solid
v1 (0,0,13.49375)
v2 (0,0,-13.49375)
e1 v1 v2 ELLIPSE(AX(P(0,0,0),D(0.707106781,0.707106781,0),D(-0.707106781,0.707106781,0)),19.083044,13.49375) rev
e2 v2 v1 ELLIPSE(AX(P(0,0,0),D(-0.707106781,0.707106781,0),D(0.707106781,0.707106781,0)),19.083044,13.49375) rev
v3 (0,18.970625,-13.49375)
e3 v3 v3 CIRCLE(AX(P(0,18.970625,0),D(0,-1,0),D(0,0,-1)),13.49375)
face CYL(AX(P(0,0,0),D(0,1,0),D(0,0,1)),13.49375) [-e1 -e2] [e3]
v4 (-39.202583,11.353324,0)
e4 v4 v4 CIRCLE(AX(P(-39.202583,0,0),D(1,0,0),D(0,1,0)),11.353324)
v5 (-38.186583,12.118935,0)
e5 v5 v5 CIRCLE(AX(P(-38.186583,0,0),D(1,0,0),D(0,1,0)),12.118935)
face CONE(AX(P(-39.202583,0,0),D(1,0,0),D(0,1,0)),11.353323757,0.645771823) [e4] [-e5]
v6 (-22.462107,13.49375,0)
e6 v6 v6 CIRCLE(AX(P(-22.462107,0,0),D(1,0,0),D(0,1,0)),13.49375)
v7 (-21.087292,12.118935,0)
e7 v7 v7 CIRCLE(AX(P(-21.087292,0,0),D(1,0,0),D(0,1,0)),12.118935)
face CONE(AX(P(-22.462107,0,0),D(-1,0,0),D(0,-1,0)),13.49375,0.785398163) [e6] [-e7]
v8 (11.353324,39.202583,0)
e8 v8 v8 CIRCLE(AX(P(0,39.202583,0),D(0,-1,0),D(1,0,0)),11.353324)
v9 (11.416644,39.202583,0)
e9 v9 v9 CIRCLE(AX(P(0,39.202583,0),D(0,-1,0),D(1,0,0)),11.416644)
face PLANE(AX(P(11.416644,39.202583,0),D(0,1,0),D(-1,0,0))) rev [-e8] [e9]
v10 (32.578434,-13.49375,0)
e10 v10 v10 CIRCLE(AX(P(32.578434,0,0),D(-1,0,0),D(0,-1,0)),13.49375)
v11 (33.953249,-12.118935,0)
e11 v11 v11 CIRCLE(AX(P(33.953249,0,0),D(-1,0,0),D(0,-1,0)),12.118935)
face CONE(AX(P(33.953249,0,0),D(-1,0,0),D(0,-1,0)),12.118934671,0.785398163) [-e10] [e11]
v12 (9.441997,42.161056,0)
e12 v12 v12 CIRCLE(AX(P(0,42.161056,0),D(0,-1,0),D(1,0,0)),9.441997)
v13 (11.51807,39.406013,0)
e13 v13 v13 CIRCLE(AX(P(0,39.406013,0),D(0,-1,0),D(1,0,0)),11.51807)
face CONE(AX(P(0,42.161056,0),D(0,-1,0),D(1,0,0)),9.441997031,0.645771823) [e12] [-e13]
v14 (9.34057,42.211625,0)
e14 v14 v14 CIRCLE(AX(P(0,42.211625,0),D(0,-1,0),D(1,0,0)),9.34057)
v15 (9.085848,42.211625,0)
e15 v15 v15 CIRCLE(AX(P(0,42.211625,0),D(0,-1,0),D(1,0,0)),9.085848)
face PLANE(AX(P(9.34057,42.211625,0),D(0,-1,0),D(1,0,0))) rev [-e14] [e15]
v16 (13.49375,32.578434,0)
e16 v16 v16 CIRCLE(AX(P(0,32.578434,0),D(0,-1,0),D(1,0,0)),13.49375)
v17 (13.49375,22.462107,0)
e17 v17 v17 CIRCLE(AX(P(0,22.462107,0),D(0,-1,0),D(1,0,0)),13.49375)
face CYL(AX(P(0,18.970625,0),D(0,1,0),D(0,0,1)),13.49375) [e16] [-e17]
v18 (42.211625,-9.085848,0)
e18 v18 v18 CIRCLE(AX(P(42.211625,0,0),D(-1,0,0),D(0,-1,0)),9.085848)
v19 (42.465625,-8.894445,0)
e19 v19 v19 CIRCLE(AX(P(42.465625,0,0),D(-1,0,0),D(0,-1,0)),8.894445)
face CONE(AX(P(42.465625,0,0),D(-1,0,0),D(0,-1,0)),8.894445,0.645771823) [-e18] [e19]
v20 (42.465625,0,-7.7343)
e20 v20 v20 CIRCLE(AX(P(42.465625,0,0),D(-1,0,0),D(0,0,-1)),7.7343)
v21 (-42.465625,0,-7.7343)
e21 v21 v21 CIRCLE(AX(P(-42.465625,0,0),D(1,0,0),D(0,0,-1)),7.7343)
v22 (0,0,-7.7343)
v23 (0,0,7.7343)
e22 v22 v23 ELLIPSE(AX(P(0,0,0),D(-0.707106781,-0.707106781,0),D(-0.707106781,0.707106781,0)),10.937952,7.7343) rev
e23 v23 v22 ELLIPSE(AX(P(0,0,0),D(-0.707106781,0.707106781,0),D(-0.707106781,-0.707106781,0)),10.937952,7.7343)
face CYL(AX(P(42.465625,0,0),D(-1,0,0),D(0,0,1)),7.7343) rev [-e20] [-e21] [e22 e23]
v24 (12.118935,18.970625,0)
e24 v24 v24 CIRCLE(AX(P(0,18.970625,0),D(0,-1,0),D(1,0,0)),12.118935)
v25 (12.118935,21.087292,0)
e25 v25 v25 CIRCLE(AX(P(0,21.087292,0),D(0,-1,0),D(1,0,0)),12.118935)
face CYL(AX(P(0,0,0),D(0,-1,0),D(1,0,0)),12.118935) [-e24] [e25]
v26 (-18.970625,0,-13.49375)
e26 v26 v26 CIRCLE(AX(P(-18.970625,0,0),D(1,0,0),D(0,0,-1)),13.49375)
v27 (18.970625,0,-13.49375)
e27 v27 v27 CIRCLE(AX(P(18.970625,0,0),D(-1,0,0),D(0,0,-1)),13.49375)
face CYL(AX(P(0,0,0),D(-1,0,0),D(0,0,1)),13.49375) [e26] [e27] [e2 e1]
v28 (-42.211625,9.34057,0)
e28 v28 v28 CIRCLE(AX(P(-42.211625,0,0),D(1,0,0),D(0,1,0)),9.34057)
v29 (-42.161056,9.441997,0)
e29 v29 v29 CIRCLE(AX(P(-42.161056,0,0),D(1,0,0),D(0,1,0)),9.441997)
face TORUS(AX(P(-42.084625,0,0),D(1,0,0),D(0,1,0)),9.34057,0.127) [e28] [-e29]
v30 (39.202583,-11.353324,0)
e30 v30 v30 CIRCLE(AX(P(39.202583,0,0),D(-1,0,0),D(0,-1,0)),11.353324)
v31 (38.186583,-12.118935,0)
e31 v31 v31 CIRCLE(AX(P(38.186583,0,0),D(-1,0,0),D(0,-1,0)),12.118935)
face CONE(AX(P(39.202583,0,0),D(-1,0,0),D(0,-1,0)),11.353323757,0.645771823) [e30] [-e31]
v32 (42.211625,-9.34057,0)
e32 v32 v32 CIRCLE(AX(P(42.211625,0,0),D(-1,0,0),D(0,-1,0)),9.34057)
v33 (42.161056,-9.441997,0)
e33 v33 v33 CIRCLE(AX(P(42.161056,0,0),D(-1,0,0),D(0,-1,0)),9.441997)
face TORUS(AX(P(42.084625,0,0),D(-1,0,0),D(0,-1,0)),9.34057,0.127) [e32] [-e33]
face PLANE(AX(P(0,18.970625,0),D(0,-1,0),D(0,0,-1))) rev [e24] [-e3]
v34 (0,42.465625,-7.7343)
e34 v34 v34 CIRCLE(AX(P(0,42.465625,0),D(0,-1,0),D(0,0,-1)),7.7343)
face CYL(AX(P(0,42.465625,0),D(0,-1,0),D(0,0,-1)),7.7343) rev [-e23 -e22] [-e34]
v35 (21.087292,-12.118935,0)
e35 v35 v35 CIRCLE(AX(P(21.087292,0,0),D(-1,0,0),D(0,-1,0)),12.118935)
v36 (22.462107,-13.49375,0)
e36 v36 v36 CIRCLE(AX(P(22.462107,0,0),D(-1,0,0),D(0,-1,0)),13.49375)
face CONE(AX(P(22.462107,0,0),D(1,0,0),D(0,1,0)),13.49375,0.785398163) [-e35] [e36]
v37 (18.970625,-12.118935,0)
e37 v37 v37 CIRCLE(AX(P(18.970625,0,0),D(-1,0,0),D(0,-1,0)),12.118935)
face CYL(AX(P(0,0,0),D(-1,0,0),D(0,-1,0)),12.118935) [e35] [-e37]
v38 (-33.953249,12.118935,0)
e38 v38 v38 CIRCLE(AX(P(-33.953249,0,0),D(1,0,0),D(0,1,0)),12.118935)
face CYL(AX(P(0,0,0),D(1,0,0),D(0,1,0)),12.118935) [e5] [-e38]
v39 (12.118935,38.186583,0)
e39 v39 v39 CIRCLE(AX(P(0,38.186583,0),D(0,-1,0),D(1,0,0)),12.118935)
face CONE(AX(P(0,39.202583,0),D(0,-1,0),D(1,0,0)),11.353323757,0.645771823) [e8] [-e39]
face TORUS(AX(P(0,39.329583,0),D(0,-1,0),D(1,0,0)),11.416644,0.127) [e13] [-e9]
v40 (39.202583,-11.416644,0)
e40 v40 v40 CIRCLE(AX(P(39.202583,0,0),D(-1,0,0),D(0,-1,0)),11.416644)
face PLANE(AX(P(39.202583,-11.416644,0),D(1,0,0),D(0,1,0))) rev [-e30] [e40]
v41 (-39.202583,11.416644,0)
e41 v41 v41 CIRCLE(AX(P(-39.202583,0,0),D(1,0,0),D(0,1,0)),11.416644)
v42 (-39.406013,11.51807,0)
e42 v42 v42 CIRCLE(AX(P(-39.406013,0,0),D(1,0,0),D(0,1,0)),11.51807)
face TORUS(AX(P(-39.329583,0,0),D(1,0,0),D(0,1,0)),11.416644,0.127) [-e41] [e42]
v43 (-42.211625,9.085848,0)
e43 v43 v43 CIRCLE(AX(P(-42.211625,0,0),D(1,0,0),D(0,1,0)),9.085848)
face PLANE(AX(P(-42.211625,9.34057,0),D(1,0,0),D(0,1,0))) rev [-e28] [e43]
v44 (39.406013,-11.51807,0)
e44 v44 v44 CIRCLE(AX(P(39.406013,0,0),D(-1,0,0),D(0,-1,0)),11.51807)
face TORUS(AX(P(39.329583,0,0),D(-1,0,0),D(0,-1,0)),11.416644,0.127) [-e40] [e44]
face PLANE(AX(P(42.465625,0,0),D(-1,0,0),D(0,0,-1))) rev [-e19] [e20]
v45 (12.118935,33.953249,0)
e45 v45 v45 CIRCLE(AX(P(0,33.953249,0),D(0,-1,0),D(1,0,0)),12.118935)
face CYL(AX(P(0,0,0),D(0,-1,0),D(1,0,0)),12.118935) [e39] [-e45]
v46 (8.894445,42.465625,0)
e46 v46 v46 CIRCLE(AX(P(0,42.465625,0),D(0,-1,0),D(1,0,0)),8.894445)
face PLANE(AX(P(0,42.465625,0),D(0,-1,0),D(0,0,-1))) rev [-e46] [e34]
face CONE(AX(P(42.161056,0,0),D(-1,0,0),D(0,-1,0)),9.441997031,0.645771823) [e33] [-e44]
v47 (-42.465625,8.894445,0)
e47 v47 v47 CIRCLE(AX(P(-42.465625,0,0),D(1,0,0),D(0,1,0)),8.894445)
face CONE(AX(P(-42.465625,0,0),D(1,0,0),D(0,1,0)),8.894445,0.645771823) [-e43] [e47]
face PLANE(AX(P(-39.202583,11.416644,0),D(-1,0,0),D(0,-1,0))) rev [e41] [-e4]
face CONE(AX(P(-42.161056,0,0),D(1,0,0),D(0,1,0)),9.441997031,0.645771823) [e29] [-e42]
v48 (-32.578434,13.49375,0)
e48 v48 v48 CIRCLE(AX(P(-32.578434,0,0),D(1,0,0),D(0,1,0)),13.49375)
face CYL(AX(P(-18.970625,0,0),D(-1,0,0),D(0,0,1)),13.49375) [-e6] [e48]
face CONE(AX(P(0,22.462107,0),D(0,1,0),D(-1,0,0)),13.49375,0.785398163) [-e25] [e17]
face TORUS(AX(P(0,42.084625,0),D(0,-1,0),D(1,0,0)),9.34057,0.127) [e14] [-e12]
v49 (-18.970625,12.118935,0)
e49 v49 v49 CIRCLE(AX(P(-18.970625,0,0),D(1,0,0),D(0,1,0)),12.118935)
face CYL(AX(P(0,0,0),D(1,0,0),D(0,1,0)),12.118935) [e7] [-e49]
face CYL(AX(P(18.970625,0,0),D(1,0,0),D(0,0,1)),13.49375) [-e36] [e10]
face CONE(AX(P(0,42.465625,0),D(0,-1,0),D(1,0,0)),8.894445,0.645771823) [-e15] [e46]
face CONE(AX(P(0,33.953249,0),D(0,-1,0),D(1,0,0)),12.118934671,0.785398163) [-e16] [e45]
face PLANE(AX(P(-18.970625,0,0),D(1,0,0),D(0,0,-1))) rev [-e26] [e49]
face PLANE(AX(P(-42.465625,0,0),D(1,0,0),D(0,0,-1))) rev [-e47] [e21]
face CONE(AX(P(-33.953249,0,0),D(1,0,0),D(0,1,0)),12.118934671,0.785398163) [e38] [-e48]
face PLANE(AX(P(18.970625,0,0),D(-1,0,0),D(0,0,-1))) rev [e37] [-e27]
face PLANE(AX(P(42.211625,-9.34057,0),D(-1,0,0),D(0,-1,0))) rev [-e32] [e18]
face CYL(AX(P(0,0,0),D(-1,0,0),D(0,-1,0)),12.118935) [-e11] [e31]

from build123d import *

# Parameters (mm, degrees)
SKETCH2_R           = 13.49375
EXTRUDE1_DEPTH      = 23.495
SKETCH15_R          = 13.49375
BOSS_EXTRUDE1_DEPTH = 18.970625
SKETCH16_R          = 7.7343
CUT_EXTRUDE1_DEPTH  = 47.556330233
CIRPATTERN1_COUNT   = 3
CIRPATTERN1_ANGLE   = 180
SKETCH17_R          = 7.7343
CUT_EXTRUDE2_DEPTH  = 96.909998552
CUT_EXTRUDE3_REACH  = 73.532
SKETCH18_R          = 7.7343


with BuildPart() as part:
    # Sketch2 → Extrude1 (new body)
    with BuildSketch(Plane(origin=(-42.465625, 0, 0), x_dir=(0, 0, -1), z_dir=(1, 0, 0))):
        Circle(SKETCH2_R)
    extrude(amount=EXTRUDE1_DEPTH)

    # Sketch5 → Cut-Revolve1 (revolve, cut)
    with BuildSketch(Plane.XY):
        with BuildLine():
            Line((-38.186582679, 12.118934671), (-33.953249346, 12.118934671))
            Line((-33.953249346, 12.118934671), (-32.578434017, 13.49375))
            Line((-32.578434017, 13.49375), (-42.465625, 13.49375))
            Line((-42.465625, 13.49375), (-42.465625, 8.894445))
            Line((-42.465625, 8.894445), (-42.211625, 9.085847729))
            Line((-42.211625, 9.085847729), (-42.211625, 9.340570322))
            ThreePointArc((-42.211625, 9.340570322), (-42.198281664, 9.397237444), (-42.161055508, 9.441997031))
            Line((-42.161055508, 9.441997031), (-39.406013187, 11.518070331))
            ThreePointArc((-39.406013187, 11.518070331), (-39.272915557, 11.530300285), (-39.202582679, 11.416643621))
            Line((-39.202582679, 11.416643621), (-39.202582679, 11.353323757))
            Line((-39.202582679, 11.353323757), (-38.186582679, 12.118934671))
        make_face()
        Polygon((-18.970625, 12.118934671), (-21.087291667, 12.118934671), (-22.462106995, 13.49375), (-18.970625, 13.49375), align=None)
    revolve(axis=Axis((0, 0, 0), (-1, 0, 0)), mode=Mode.SUBTRACT)

    # Sketch15 → Boss-Extrude1 (add)
    with BuildSketch(Plane(origin=(-18.970625, 0, 0), x_dir=(0, 0, -1), z_dir=(1, 0, 0))):
        with Locations(Location((0, 0, 0), (0, 0, 90))):
            Circle(SKETCH15_R)
    extrude(amount=BOSS_EXTRUDE1_DEPTH)

    # Sketch16 → Cut-Extrude1 (cut, through all)
    with BuildSketch(Plane(origin=(0, 0, 0), x_dir=(0, 0, -1), z_dir=(1, 0, 0))):
        Circle(SKETCH16_R)
    extrude(amount=-CUT_EXTRUDE1_DEPTH, mode=Mode.SUBTRACT)


with BuildPart() as cirpattern1_1:
    # CirPattern1: pattern copy
    add(part.part.rotate(Axis((0, 0, 0), (0, 0, -1)), 1 * CIRPATTERN1_ANGLE / (CIRPATTERN1_COUNT - 1)))

    # Sketch17 → Cut-Extrude2 (cut, through all)
    with BuildSketch(Plane.ZY.offset(42.465625)):
        with Locations(Location((0, 0, 0), (0, 0, 180))):
            Circle(SKETCH17_R)
    extrude(amount=-CUT_EXTRUDE2_DEPTH, mode=Mode.SUBTRACT)


with BuildPart() as cirpattern1_2:
    # CirPattern1: pattern copy
    add(part.part.rotate(Axis((0, 0, 0), (0, 0, -1)), 2 * CIRPATTERN1_ANGLE / (CIRPATTERN1_COUNT - 1)))


with BuildPart() as cirpattern1_1_1:
    add(cirpattern1_1.part)

    # Combine1: union part, CirPattern1_2
    add(part.part)
    add(cirpattern1_2.part)

    # Sketch18 → Cut-Extrude3 (cut, up to next)
    with BuildSketch(Plane(origin=(0, 42.465625, 0), x_dir=(1, 0, 0), z_dir=(0, 1, 0)), mode=Mode.PRIVATE) as cut_extrude3_sk1:
        with Locations(Location((0, 0, 0), (0, 0, 90))):
            Circle(SKETCH18_R)
    cut_extrude3_tool1 = extrude(cut_extrude3_sk1.sketch, amount=-CUT_EXTRUDE3_REACH, mode=Mode.PRIVATE) & cirpattern1_1_1.part
    add(cut_extrude3_tool1.solids().sort_by_distance((0, 42.465625, 0))[0], mode=Mode.SUBTRACT)


solid = cirpattern1_1_1.part
